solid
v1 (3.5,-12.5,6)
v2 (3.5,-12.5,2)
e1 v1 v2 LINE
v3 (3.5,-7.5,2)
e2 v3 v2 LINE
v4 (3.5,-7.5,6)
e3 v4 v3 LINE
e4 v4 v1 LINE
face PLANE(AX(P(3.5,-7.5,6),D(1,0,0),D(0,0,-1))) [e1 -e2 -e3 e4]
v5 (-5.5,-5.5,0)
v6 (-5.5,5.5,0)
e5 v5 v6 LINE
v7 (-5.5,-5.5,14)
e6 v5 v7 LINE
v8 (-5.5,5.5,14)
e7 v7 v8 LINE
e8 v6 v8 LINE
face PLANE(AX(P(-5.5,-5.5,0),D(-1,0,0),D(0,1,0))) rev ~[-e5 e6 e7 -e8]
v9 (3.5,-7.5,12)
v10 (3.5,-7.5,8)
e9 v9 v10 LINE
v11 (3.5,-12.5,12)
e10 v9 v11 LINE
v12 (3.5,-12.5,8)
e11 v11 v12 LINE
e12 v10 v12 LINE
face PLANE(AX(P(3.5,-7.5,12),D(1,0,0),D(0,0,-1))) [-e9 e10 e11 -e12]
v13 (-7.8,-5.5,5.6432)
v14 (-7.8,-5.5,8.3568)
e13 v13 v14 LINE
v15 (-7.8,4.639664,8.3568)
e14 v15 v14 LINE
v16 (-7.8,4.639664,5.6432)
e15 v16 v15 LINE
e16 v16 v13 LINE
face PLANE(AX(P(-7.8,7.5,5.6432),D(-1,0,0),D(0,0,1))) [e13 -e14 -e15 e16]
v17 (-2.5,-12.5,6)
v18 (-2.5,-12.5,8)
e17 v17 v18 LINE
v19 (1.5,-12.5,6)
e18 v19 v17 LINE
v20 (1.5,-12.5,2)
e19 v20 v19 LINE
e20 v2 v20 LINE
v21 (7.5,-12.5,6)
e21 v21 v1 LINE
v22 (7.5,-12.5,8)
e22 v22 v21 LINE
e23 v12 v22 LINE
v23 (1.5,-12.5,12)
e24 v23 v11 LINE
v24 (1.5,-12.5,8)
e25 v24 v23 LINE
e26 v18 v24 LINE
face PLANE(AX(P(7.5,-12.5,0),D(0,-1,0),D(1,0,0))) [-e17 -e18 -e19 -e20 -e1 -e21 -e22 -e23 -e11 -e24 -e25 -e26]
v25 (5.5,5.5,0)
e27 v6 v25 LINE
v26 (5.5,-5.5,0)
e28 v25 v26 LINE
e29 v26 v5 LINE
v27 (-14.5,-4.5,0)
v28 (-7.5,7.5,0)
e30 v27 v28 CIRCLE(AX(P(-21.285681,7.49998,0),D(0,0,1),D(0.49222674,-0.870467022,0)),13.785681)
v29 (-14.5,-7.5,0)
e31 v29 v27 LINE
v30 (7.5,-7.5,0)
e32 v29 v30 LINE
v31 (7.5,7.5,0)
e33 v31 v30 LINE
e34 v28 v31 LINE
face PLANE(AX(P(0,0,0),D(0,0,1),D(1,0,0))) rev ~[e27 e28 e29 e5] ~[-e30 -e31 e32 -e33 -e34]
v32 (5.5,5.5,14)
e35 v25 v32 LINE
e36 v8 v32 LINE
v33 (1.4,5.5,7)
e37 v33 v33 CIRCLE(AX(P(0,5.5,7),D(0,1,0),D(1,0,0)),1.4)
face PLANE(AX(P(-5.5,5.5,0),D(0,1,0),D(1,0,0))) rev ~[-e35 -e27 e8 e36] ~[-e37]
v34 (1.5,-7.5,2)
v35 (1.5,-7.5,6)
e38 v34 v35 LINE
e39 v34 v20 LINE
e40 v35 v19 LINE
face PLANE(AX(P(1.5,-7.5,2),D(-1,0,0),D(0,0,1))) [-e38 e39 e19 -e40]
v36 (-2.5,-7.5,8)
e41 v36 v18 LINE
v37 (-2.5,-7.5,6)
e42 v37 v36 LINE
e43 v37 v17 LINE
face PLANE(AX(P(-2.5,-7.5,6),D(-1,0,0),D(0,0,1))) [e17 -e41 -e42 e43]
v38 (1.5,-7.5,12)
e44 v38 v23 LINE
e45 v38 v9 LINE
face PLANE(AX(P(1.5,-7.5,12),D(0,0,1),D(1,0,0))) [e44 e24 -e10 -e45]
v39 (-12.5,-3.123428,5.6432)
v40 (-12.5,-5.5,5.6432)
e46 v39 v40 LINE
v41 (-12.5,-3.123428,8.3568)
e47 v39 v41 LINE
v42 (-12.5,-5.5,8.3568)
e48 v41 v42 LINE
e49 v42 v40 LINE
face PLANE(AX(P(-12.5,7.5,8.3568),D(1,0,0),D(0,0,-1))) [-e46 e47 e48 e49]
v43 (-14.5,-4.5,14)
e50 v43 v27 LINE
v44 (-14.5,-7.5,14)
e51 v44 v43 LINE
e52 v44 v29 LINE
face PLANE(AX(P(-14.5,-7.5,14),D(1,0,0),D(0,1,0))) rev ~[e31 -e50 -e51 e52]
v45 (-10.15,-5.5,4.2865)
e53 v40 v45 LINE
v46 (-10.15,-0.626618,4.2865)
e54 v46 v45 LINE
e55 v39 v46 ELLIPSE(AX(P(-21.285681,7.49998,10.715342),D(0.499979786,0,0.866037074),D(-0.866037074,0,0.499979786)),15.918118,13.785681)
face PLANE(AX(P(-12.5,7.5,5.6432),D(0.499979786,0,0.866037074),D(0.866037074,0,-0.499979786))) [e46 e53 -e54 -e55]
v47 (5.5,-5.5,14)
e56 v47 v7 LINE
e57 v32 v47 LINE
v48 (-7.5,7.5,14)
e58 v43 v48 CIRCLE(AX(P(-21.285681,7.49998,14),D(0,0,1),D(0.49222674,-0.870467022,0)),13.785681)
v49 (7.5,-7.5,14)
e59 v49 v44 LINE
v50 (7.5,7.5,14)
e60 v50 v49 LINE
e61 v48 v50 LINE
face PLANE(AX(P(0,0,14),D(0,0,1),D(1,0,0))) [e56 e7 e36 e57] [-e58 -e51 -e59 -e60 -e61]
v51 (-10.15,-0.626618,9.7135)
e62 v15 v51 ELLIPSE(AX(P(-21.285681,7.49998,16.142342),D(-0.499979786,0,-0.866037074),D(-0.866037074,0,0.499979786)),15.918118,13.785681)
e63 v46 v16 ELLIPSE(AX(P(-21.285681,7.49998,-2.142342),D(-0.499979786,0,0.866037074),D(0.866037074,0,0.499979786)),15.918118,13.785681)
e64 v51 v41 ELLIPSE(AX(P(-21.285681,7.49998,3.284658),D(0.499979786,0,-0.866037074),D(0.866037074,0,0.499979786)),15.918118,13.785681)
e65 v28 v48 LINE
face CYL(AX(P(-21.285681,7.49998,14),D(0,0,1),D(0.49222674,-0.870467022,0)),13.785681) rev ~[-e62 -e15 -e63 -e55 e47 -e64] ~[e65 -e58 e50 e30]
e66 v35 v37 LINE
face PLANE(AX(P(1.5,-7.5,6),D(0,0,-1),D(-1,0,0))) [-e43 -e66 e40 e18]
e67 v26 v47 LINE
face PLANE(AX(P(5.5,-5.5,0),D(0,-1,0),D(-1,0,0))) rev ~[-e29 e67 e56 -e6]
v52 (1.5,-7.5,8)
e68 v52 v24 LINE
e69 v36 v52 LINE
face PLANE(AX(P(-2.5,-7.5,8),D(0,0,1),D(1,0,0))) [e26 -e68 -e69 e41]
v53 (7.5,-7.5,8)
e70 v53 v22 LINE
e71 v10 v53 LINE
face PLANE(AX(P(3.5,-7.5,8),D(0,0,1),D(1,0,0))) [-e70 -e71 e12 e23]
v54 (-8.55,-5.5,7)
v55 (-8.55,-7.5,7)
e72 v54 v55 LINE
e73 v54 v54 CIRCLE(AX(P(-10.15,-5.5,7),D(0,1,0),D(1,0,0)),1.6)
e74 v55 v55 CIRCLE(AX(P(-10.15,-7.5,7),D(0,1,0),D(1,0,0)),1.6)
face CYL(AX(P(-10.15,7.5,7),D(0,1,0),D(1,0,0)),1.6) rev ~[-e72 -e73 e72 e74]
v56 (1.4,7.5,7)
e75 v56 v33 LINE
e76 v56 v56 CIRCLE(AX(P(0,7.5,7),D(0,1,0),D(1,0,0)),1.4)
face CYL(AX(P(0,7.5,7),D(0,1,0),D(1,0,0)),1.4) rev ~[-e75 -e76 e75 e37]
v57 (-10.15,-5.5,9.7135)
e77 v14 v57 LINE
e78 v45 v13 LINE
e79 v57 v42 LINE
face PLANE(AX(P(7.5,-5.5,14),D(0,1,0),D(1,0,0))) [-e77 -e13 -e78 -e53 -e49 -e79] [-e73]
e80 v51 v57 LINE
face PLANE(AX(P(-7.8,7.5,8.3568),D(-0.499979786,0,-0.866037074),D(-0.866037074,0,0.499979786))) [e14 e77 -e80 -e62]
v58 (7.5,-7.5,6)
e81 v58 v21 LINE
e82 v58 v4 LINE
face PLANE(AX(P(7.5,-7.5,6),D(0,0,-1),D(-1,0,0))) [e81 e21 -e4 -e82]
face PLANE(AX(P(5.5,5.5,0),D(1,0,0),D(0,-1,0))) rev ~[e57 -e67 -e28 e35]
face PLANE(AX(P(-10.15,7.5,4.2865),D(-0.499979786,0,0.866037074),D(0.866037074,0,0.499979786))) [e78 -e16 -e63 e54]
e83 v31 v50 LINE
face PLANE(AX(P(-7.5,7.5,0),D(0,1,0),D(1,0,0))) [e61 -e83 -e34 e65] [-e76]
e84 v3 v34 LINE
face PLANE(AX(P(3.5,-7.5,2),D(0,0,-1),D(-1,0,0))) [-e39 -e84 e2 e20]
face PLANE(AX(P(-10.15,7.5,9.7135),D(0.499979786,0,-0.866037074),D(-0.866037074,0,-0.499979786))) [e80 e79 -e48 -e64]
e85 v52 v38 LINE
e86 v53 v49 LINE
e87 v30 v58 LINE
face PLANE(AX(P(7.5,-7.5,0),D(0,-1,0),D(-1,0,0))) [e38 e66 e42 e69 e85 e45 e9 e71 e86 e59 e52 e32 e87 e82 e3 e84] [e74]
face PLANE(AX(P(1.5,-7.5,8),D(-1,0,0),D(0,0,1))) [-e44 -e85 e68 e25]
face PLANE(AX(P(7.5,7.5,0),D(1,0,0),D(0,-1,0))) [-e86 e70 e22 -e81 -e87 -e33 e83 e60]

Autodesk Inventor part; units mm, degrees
ref_plane "YZ Plane" through (0, 0, 0) normal (1, 0, 0) x (0, 1, 0)
ref_plane "XZ Plane" through (0, 0, 0) normal (0, 1, 0) x (-1, 0, 0)
ref_plane "XY Plane" through (0, 0, 0) normal (0, 0, 1) x (1, 0, 0)
sketch "スケッチ1" plane through (0, 0, 0) normal (0, 0, 1) x (1, 0, 0)
  line L0 (5.5, -5.5) -> (-5.5, -5.5)
  line L1 (-5.5, -5.5) -> (-5.5, 5.5)
  line L2 (-5.5, 5.5) -> (5.5, 5.5)
  line L3 (5.5, 5.5) -> (5.5, -5.5)
  line L4 (5.5, -5.5) -> (-5.5, 5.5) construction
  line L5 (-5.5, -5.5) -> (5.5, 5.5) construction
  line L6 (7.5, -7.5) -> (-7.5, -7.5)
  line L7 (-7.5, -7.5) -> (-7.5, 7.5)
  line L8 (-7.5, 7.5) -> (7.5, 7.5)
  line L9 (7.5, 7.5) -> (7.5, -7.5)
  line L10 (7.5, -7.5) -> (-7.5, 7.5) construction
  line L11 (-7.5, -7.5) -> (7.5, 7.5) construction
  point P0 (0, 0)
  dimension "d0" = 11
  dimension "d1" = 11
  dimension "d2" = 2
extrude "押し出し1" add sketch "スケッチ1" along normal blind 14
sketch "スケッチ2" plane through (0, 0, 14) normal (0, 0, 1) x (1, 0, 0)
  line L0 (-7.5, 7.5) -> (-7.5, -7.5) projected
  line L1 (-7.5, -7.5) -> (-14.5, -7.5)
  line L2 (-14.5, -7.5) -> (-14.5, -4.5)
  line L3 (-14.5, -4.5) -> (-7.5, -4.5)
  line L4 (-7.5, -4.5) -> (-7.5, -7.5)
  arc A0 (-14.5, -4.5) -> (-7.5, 7.5) centre (-21.2857, 7.5) ccw
  point P0 (0, 0)
  dimension "d5" = 7
  dimension "d6" = 3
extrude "押し出し2" add sketch "スケッチ2" against normal up to surface (14 mm away)
sketch "スケッチ3" plane through (7.5, 7.5, 14) normal (0, 1, 0) x (1, 0, 0)
  circle A0 centre (-7.5, 7) radius 1.4
  line L0 (0, 14) -> (0, 0) projected
  line L1 (0, 14) -> (-15, 14) projected
  point P0 (-7.5, 14)
  point P1 (0, 7)
  point P2 (-7.5, 14)
  dimension "d9" = 2.8
extrude "押し出し3" cut sketch "スケッチ3" against normal up to surface (2 mm away)
sketch "スケッチ4" plane through (7.5, -7.5, 0) normal (0, -1, 0) x (1, 0, 0)
  line L0 (-6, 12) -> (-4, 12)
  line L1 (-4, 12) -> (-4, 2)
  line L2 (-4, 2) -> (-6, 2)
  line L3 (-6, 2) -> (-6, 12)
  line L4 (-10, 8) -> (0, 8)
  line L5 (0, 8) -> (0, 6)
  line L6 (0, 6) -> (-10, 6)
  line L7 (-10, 6) -> (-10, 8)
  line L8 (0, 0) -> (0, 14) projected
  point P0 (-7.5, 0)
  point P1 (0, 7)
  point P2 (0, 7)
  point P3 (-5, 12)
  point P4 (-5, 8)
  point P5 (-6, 7)
  point P6 (-10, 7)
  point P7 (-6, 8)
  point P8 (-6, 6)
  point P9 (-4, 6)
  point P10 (-4, 8)
  dimension "d12" = 10
  dimension "d13" = 2
extrude "押し出し4" add sketch "スケッチ4" along normal blind 5
sketch "スケッチ5" plane through (7.5, 7.5, 14) normal (0, 1, 0) x (1, 0, 0)
  line L0 (-15.3, 8.3568) -> (-15.3, 5.6432)
  line L1 (-15.3, 5.6432) -> (-17.65, 4.2865)
  line L2 (-17.65, 4.2865) -> (-20, 5.6432)
  line L3 (-20, 5.6432) -> (-20, 8.3568)
  line L4 (-20, 8.3568) -> (-17.65, 9.7135)
  line L5 (-17.65, 9.7135) -> (-15.3, 8.3568)
  circle A0 centre (-17.65, 7) radius 1.6
  line L6 (-22, 0) -> (-22, 14) projected
  point P0 (-7.5, 14)
  point P1 (-20, 7)
  point P2 (-22, 7)
  dimension "d16" = 4.7
  dimension "d17" = 3.2
  dimension "d24" = 2
extrude "押し出し5" cut sketch "スケッチ5" against normal through all contours A0
extrude "押し出し6" cut sketch "スケッチ5" against normal up to surface (13 mm away) contours L0 L1 L2 L3 L4 L5 | A0
properties part number "position_setter_normal"
